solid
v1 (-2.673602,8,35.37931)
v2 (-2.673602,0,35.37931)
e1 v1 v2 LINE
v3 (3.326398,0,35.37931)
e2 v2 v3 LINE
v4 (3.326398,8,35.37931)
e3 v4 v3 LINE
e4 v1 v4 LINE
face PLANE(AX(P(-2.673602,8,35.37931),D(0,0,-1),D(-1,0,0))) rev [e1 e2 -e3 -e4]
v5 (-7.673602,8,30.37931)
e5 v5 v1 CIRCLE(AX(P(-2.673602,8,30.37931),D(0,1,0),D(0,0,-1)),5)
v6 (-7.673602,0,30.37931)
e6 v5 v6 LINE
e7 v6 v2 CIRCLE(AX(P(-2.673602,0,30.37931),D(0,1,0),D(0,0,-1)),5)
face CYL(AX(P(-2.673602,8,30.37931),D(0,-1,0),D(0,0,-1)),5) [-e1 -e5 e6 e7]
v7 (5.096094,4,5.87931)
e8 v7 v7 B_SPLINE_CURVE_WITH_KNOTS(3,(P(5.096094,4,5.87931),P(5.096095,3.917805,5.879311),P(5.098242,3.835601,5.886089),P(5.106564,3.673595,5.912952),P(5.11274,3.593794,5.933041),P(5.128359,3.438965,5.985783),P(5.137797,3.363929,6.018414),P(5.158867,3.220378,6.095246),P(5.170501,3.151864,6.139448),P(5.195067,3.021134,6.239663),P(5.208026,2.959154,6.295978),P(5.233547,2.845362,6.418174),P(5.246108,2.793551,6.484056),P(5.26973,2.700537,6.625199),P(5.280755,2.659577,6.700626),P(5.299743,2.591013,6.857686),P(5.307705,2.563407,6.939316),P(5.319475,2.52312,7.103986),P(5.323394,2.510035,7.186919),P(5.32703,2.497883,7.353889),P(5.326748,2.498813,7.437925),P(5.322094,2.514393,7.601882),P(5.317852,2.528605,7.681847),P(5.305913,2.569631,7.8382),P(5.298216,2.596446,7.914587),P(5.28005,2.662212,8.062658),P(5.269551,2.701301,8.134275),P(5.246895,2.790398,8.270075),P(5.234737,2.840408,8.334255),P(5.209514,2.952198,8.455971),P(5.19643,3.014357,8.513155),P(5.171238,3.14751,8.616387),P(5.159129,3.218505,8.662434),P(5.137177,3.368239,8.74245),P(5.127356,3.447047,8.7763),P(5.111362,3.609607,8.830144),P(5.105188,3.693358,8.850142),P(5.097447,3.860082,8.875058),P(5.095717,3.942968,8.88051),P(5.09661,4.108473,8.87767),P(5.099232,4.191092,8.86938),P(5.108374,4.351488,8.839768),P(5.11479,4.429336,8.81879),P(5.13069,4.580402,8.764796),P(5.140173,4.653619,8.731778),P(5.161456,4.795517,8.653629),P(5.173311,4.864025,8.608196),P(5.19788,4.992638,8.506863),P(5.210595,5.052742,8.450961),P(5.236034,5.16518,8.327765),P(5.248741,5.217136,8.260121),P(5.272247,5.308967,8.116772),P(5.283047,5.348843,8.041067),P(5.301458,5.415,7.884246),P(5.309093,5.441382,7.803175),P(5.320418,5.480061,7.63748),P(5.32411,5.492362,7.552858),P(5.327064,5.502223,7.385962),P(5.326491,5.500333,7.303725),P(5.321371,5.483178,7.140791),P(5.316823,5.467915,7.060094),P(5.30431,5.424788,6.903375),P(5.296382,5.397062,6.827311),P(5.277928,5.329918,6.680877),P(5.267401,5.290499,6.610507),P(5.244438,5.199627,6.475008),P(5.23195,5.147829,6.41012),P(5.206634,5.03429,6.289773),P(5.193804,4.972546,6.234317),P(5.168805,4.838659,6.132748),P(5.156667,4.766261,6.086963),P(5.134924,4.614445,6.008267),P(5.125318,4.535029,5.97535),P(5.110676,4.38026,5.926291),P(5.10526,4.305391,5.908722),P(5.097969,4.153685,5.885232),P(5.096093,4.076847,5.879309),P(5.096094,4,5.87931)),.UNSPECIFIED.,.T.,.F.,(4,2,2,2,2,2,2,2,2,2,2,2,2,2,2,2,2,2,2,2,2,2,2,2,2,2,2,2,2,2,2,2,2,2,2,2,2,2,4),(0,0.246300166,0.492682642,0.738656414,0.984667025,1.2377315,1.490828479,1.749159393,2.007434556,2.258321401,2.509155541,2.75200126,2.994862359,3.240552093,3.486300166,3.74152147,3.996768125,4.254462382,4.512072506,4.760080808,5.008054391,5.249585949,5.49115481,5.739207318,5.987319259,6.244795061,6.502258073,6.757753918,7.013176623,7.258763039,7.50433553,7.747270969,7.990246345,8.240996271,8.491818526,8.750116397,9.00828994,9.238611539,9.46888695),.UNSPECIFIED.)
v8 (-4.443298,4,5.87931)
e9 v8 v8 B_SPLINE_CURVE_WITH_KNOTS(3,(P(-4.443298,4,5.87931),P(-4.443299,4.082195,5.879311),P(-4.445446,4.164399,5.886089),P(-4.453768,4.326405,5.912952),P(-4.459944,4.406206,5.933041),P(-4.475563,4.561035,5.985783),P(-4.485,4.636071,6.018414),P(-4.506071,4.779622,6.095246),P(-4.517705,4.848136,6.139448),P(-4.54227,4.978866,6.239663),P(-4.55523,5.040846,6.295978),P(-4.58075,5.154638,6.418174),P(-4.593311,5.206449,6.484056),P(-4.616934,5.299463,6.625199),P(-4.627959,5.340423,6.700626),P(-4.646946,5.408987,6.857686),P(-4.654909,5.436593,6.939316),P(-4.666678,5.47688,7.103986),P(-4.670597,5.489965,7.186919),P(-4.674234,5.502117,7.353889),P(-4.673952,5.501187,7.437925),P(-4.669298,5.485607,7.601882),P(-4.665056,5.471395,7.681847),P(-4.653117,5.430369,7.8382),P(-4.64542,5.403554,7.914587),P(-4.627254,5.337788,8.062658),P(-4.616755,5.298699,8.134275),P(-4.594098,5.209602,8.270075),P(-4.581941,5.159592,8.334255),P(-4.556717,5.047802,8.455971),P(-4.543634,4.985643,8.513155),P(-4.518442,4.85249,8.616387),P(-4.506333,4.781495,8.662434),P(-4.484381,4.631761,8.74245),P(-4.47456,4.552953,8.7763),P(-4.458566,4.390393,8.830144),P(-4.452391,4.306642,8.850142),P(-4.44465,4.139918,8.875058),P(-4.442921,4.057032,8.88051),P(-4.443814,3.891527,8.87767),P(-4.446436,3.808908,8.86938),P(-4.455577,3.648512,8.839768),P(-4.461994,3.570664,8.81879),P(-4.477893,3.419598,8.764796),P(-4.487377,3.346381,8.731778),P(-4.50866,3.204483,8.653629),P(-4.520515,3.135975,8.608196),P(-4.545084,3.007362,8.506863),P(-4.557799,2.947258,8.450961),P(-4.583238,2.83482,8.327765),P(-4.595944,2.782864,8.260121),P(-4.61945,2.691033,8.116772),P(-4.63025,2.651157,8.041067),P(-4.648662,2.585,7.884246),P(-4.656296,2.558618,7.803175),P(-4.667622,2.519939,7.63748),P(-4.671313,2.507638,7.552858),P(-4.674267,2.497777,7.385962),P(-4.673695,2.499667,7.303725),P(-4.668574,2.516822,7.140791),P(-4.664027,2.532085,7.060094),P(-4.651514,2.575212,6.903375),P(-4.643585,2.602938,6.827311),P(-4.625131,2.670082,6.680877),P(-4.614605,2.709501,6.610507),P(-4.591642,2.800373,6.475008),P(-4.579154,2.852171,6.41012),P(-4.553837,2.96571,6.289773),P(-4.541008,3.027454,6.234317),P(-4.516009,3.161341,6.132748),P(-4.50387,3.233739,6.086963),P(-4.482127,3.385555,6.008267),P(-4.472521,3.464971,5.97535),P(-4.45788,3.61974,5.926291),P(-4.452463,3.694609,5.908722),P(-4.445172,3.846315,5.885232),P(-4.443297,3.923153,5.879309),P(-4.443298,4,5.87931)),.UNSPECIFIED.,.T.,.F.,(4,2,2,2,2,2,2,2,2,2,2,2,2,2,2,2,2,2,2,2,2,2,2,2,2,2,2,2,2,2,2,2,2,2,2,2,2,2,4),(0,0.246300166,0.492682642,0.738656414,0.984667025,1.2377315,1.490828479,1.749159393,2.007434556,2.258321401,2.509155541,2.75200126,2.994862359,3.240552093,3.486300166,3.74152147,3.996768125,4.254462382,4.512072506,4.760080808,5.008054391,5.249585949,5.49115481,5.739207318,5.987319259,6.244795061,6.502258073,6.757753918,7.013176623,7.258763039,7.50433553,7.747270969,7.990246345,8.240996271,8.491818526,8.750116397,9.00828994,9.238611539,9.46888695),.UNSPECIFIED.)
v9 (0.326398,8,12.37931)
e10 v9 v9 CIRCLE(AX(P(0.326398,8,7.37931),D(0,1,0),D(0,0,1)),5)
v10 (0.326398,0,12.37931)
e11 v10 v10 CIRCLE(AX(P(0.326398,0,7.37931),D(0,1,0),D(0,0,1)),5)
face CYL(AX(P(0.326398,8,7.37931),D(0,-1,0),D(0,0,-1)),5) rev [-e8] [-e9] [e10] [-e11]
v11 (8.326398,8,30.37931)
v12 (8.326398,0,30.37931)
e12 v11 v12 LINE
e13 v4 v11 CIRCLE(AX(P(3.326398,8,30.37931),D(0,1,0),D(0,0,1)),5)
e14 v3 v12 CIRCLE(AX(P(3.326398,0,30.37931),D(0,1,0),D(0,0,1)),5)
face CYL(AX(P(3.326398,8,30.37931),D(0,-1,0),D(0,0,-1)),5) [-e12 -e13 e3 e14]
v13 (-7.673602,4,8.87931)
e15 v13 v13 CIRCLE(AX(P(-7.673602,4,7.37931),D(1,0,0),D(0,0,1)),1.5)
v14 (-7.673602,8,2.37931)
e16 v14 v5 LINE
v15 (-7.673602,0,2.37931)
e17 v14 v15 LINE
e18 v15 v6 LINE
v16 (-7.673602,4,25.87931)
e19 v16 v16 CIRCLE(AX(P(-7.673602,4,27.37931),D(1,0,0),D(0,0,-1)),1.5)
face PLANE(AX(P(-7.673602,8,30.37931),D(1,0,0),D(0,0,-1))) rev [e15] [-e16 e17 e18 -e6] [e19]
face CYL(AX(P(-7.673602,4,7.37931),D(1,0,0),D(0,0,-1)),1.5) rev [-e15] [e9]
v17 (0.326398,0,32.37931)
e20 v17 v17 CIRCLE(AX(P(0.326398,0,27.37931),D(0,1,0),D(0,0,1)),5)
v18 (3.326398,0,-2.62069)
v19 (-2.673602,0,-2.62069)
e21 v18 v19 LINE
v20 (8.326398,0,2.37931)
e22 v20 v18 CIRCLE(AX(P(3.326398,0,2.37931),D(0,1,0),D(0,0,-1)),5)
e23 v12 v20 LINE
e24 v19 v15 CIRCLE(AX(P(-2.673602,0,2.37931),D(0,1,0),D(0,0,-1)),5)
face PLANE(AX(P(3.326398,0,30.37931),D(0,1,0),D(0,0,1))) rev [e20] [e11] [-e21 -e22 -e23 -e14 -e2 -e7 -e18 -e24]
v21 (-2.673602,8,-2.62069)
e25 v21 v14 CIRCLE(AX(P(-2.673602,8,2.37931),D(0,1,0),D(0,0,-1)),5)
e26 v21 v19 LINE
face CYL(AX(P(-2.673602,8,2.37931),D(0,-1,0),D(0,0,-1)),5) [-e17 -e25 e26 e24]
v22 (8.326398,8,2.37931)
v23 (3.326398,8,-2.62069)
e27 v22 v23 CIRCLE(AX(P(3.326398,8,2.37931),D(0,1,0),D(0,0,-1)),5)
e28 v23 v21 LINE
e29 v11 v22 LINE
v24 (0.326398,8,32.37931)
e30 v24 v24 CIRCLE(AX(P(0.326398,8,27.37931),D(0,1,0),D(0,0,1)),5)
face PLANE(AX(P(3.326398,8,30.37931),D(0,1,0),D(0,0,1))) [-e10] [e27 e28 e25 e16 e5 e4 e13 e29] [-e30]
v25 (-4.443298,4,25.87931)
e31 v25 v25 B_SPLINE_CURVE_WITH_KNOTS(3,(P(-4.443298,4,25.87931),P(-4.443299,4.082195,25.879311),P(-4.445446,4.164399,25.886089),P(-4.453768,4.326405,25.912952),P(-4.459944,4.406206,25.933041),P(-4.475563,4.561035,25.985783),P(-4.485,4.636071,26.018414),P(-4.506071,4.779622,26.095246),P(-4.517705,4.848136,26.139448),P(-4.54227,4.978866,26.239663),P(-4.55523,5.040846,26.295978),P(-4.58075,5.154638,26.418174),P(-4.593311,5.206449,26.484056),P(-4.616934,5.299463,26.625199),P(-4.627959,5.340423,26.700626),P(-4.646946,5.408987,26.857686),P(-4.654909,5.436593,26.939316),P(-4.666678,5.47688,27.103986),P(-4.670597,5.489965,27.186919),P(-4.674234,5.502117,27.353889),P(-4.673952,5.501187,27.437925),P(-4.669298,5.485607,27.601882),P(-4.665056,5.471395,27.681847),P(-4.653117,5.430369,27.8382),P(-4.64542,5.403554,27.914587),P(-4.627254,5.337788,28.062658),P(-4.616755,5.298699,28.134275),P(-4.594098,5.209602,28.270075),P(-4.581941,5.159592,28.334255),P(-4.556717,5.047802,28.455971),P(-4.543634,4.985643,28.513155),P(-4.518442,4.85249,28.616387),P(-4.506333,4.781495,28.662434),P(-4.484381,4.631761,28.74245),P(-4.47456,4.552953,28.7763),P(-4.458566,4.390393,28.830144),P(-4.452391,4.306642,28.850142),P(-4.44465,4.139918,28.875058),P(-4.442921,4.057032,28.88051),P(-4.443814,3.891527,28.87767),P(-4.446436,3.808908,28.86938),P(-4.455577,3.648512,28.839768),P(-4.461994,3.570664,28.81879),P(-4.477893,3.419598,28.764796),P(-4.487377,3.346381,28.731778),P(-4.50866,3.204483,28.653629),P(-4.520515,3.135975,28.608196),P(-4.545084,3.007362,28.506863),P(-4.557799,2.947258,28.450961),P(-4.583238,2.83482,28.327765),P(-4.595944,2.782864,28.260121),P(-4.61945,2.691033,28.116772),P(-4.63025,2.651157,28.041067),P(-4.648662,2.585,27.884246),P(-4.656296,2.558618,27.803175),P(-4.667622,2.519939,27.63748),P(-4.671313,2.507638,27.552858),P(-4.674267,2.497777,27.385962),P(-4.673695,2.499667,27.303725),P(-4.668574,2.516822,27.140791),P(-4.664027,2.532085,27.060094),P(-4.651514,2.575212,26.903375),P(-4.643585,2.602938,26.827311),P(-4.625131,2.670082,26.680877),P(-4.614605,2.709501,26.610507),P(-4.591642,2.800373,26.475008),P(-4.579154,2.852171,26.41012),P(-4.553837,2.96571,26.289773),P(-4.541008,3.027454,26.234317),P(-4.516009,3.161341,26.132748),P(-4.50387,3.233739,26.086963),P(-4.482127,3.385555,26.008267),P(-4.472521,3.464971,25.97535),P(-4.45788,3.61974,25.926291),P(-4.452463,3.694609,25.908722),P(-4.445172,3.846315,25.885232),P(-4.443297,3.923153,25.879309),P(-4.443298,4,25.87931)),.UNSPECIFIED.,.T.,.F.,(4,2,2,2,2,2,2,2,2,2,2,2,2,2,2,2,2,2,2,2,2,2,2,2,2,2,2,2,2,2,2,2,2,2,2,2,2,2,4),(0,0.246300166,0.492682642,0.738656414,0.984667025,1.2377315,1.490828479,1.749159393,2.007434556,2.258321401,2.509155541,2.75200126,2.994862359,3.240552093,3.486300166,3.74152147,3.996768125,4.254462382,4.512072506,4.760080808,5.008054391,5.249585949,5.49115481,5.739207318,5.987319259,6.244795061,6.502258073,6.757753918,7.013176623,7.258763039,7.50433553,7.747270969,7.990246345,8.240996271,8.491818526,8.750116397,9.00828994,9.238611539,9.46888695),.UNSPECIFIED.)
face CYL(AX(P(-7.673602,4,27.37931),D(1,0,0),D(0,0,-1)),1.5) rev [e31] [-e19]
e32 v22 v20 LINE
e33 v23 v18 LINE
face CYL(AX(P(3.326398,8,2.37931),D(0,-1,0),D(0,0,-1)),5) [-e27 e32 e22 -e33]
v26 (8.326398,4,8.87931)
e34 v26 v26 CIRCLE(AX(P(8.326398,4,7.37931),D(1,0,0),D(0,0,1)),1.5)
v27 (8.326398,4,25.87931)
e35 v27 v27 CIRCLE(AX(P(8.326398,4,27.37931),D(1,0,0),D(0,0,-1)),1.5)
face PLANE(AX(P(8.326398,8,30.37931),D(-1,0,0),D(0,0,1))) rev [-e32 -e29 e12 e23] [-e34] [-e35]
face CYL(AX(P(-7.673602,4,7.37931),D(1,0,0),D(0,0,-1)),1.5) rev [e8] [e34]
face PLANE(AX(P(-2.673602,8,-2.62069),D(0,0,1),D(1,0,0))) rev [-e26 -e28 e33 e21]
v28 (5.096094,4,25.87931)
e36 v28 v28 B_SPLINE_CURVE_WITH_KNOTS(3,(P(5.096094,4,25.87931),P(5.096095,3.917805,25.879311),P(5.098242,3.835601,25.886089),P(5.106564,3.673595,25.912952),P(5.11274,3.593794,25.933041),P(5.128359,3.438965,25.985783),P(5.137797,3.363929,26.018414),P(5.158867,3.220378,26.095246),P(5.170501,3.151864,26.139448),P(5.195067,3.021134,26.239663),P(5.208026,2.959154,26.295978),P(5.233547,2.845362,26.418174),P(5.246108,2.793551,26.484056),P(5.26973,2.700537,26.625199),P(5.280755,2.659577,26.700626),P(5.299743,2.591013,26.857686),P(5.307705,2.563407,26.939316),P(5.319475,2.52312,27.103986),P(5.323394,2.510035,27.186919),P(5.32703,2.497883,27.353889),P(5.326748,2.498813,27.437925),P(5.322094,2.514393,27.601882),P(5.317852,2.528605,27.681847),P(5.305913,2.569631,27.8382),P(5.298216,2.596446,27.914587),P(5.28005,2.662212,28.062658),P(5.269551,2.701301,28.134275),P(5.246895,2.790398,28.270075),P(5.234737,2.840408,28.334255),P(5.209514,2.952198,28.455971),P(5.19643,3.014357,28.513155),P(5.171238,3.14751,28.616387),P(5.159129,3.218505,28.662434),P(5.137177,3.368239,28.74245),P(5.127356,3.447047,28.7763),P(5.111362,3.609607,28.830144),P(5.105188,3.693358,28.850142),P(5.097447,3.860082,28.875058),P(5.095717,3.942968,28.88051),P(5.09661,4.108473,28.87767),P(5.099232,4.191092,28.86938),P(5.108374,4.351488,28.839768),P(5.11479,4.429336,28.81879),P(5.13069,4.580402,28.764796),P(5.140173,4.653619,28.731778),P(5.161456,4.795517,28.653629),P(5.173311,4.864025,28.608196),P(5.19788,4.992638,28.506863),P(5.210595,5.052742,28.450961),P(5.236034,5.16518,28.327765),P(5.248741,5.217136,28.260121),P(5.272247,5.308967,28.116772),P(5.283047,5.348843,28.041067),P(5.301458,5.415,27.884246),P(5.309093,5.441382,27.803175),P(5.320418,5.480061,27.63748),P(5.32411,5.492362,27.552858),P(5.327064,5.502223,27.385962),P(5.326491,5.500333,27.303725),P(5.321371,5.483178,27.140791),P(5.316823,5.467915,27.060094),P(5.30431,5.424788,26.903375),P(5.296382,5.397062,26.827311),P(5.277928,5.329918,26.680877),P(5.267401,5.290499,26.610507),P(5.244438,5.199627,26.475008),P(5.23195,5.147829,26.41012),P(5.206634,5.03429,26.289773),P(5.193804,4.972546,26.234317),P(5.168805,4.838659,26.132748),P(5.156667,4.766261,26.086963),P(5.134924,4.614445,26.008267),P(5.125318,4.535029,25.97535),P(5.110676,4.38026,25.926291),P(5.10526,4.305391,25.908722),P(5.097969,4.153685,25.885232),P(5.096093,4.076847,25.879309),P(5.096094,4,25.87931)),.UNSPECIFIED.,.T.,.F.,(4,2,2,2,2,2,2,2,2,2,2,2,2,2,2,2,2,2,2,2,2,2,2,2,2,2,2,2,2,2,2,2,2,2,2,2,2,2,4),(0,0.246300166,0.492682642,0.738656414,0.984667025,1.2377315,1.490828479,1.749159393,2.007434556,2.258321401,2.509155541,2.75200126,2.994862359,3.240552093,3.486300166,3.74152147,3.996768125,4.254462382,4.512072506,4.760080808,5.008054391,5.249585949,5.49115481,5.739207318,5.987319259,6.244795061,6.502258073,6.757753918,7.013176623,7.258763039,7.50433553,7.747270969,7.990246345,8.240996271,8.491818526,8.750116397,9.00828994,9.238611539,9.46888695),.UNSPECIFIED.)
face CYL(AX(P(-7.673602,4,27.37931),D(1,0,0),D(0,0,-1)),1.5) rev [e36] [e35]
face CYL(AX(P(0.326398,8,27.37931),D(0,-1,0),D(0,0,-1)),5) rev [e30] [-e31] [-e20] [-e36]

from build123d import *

# Parameters (mm, degrees)
SKETCH1_R           = 5
BOSS_EXTRUDE1_DEPTH = 8
SKETCH2_R           = 1.5
CUT_EXTRUDE1_DEPTH  = 17


with BuildPart() as part:
    # Sketch1 → Boss-Extrude1 (new body)
    with BuildSketch(Plane(origin=(0, 0, 0), x_dir=(1, 0, 0), z_dir=(0, 1, 0))):
        with BuildLine():
            Line((-2.673601855, -35.379310345), (3.326398145, -35.379310345))
            ThreePointArc((3.326398145, -35.379310345), (6.861932051, -33.914844251), (8.326398145, -30.379310345))
            Line((8.326398145, -30.379310345), (8.326398145, -2.379310345))
            ThreePointArc((8.326398145, -2.379310345), (6.861932051, 1.156223561), (3.326398145, 2.620689655))
            Line((3.326398145, 2.620689655), (-2.673601855, 2.620689655))
            ThreePointArc((-2.673601855, 2.620689655), (-6.20913576, 1.156223561), (-7.673601855, -2.379310345))
            Line((-7.673601855, -2.379310345), (-7.673601855, -30.379310345))
            ThreePointArc((-7.673601855, -30.379310345), (-6.20913576, -33.914844251), (-2.673601855, -35.379310345))
        make_face()
        with Locations((0.326398145, -27.379310345)):
            Circle(SKETCH1_R, mode=Mode.SUBTRACT)
        with Locations((0.326398145, -7.379310345)):
            Circle(SKETCH1_R, mode=Mode.SUBTRACT)
    extrude(amount=BOSS_EXTRUDE1_DEPTH)

    # Sketch2 → Cut-Extrude1 (cut, through all)
    with BuildSketch(Plane(origin=(8.326398145, 0, 0), x_dir=(0, 0, -1), z_dir=(1, 0, 0))):
        with Locations((-27.379310345, 4)):
            Circle(SKETCH2_R)
        with Locations((-7.379310345, 4)):
            Circle(SKETCH2_R)
    extrude(amount=-CUT_EXTRUDE1_DEPTH, mode=Mode.SUBTRACT)


solid = part.part
